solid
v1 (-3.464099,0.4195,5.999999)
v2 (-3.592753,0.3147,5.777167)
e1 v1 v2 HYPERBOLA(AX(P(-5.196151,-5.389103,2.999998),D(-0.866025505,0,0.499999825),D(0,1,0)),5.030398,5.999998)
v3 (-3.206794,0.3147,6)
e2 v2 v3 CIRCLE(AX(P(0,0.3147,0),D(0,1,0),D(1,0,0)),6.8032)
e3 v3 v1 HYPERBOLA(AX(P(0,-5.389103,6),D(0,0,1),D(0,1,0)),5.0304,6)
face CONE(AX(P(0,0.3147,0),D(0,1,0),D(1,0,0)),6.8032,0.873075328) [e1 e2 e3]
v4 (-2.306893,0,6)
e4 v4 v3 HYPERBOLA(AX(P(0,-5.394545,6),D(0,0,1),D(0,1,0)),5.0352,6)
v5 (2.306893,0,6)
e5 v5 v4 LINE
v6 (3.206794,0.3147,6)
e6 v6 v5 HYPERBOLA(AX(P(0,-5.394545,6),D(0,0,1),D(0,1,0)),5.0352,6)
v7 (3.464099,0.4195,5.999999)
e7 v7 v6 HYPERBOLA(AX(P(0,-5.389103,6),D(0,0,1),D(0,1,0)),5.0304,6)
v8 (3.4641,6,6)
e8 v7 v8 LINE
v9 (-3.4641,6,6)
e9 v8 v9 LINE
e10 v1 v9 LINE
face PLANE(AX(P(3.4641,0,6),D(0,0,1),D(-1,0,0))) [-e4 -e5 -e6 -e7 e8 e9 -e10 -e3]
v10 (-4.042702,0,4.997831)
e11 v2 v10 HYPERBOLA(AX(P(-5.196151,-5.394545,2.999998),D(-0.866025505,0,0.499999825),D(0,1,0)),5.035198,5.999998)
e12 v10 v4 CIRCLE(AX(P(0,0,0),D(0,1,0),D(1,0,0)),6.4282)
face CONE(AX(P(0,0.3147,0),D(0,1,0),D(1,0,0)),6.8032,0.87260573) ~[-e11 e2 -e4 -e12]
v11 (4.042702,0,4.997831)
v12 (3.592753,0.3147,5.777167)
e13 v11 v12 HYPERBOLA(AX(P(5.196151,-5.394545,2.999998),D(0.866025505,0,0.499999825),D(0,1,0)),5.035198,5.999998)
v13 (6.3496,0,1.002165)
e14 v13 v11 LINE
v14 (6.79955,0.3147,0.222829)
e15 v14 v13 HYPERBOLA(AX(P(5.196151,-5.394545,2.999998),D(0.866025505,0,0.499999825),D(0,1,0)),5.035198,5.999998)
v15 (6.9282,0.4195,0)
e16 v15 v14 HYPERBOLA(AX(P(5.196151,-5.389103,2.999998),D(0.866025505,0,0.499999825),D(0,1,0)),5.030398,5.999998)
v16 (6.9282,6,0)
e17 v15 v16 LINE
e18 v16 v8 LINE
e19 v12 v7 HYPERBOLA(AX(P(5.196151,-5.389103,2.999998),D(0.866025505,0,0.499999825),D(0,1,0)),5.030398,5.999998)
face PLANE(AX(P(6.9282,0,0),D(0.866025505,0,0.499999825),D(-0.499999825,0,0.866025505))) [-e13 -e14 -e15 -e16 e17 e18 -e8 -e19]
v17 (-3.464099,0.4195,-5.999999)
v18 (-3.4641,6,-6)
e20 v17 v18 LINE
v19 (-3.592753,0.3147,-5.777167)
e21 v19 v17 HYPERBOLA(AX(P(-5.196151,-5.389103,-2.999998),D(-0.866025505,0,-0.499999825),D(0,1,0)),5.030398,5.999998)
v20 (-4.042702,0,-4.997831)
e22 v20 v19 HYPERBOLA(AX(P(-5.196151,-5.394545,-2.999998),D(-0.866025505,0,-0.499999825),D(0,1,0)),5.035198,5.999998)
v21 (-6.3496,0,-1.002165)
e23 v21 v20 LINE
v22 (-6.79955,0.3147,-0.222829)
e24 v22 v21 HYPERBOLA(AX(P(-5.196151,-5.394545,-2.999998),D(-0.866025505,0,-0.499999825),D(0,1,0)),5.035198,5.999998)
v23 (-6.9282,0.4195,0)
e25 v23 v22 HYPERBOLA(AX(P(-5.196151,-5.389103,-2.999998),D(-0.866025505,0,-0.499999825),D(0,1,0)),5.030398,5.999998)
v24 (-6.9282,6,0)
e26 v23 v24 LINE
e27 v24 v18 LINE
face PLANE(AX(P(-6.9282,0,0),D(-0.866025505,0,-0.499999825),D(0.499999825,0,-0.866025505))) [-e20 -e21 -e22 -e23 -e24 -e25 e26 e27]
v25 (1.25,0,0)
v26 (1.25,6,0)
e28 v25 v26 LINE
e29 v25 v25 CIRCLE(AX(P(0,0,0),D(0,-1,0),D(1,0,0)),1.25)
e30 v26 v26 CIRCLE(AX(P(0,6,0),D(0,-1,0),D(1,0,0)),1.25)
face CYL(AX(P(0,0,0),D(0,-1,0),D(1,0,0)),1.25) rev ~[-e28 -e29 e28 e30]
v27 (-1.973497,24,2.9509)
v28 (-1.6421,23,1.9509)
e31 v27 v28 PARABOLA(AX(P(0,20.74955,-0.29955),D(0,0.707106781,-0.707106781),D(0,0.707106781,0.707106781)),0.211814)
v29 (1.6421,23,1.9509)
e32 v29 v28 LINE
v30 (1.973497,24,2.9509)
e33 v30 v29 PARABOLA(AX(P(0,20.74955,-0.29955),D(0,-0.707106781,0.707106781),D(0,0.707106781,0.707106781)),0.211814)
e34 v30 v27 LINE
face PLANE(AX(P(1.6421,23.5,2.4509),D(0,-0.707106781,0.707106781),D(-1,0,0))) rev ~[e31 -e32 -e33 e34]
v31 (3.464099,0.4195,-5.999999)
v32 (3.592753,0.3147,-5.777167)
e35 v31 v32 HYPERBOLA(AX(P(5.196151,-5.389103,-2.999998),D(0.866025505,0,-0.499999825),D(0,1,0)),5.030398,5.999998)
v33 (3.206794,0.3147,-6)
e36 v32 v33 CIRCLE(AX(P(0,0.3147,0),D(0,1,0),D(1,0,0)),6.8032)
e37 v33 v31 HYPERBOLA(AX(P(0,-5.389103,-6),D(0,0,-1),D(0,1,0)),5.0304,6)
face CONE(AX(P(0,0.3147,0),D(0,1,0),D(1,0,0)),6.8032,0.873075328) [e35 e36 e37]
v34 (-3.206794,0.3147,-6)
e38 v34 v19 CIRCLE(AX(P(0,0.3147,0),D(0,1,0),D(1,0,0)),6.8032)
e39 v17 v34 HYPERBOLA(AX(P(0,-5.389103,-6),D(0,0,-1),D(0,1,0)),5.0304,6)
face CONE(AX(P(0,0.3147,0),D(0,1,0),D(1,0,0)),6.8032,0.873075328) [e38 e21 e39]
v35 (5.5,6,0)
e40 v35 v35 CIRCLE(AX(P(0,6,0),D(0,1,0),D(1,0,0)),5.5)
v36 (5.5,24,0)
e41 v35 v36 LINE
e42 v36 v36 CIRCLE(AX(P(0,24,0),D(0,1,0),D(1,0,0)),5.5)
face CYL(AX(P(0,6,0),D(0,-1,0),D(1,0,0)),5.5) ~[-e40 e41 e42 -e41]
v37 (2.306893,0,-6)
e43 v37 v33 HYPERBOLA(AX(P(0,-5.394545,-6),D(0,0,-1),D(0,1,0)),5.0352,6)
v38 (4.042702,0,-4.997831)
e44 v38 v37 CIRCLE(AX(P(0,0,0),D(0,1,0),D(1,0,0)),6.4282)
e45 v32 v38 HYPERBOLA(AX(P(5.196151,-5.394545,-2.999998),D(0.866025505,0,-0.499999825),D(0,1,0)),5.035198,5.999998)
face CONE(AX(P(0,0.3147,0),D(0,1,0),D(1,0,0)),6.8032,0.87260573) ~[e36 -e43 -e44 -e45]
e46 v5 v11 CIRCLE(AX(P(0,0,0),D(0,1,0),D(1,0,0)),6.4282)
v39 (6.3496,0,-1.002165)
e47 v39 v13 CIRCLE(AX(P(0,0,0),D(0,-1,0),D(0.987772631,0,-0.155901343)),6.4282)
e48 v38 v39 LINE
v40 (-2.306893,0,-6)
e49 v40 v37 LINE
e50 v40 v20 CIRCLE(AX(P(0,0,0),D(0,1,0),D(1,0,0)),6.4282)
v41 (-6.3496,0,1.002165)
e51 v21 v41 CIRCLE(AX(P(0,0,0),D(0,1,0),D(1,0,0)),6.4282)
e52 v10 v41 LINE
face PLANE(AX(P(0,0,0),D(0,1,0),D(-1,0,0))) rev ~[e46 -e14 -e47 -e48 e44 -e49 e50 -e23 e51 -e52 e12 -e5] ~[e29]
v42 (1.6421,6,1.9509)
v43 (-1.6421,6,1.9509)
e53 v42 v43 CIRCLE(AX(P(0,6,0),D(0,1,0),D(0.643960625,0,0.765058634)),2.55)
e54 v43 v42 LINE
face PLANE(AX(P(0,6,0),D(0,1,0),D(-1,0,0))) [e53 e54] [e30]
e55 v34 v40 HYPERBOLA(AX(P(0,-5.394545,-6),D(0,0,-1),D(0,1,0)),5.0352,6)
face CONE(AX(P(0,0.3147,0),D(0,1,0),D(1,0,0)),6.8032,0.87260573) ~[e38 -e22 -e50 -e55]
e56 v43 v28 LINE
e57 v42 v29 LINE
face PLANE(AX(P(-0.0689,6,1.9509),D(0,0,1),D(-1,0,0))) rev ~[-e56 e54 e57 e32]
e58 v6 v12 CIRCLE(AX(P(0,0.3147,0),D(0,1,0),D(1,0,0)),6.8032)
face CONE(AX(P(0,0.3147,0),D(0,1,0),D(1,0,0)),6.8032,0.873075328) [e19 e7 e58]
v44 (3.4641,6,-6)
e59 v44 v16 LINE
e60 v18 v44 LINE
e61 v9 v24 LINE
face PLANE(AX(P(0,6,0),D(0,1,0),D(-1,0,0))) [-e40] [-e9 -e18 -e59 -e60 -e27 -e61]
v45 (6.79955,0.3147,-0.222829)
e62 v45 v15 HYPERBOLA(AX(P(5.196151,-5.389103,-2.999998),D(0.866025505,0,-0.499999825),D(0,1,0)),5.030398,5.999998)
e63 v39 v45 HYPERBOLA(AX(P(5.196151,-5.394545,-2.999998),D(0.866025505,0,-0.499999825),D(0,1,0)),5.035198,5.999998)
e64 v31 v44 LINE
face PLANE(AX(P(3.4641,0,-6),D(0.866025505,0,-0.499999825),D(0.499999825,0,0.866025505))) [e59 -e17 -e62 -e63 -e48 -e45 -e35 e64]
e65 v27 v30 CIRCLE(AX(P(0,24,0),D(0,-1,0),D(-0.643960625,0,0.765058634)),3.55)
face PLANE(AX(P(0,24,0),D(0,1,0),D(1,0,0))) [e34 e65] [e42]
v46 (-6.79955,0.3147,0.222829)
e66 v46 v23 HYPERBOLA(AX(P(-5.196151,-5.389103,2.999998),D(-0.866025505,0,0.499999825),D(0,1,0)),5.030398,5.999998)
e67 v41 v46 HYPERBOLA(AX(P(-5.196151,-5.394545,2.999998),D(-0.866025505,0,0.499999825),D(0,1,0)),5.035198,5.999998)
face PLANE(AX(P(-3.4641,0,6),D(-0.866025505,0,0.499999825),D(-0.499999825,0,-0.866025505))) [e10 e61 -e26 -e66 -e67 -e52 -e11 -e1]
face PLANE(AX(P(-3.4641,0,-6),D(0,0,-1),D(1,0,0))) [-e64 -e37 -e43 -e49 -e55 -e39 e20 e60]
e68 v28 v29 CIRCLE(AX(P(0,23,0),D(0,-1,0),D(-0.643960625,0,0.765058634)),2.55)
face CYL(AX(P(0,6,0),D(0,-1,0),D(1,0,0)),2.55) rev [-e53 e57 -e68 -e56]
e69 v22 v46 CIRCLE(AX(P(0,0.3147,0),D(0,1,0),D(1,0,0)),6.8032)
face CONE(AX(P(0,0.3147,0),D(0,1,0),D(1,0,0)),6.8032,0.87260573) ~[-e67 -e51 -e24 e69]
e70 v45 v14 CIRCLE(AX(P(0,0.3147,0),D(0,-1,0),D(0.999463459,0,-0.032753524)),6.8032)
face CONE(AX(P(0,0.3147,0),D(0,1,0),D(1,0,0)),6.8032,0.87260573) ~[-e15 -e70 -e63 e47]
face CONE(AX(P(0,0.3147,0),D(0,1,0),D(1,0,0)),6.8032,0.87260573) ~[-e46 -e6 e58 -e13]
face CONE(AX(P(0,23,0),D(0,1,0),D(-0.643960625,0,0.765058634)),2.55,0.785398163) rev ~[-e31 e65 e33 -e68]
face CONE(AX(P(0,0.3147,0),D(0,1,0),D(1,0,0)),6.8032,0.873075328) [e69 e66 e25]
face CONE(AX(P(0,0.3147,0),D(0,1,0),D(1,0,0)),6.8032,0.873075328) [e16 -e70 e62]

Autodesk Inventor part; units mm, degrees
ref_plane "YZ Plane" through (0, 0, 0) normal (1, 0, 0) x (0, 1, 0)
ref_plane "XZ Plane" through (0, 0, 0) normal (0, 1, 0) x (-1, 0, 0)
ref_plane "XY Plane" through (0, 0, 0) normal (0, 0, 1) x (1, 0, 0)
sketch "Sketch7" plane through (0, 0, 0) normal (0, 1, 0) x (-1, 0, 0)
  line L0 (-3.4641, -6) -> (-6.9282, 0)
  line L1 (-6.9282, 0) -> (-3.4641, 6)
  line L2 (-3.4641, 6) -> (3.4641, 6)
  line L3 (3.4641, 6) -> (6.9282, 0)
  line L4 (6.9282, 0) -> (3.4641, -6)
  line L5 (3.4641, -6) -> (-3.4641, -6)
  point P0 (0, 0)
  point P1 (0, 0)
  point P2 (0, -6)
  dimension "d24" = 12
extrude "Extrusion6" add sketch "Sketch7" along normal blind 6
sketch "Sketch8" plane through (0, 6, 0) normal (0, 1, 0) x (1, 0, 0)
  circle A0 centre (0, 0) radius 5.5
  circle A1 centre (0, 0) radius 2.55
  line L0 (-0.0689, 2.5491) -> (-0.0689, -1.9509)
  line L1 (-0.0689, -1.9509) -> (-1.6421, -1.9509)
  line L2 (-0.0689, -1.9509) -> (1.6421, -1.9509)
  dimension "d27" = 11
  dimension "d28" = 5.1
  dimension "d29" = 4.5
  dimension "d30" = 1.5732
extrude "Extrusion7" add sketch "Sketch8" along normal blind 18 contours A0 | A1 L1 L2
sketch "Sketch9" plane through (0, 0, 0) normal (0, 0, 1) x (1, 0, 0)
  line L0 (6.9282, 0) -> (3.4641, 0) projected
  line L1 (6.9282, 0) -> (6.4282, 0)
  line L2 (6.8032, 0.3147) -> (6.4282, 0)
  line L3 (6.9282, 0) -> (6.9282, 0.3868)
  line L4 (0, -4.8) -> (0, 28.8) projected
  line L5 (6.8032, 0.3147) -> (6.9282, 0.4195)
  line L6 (6.9282, 0.4195) -> (6.9282, 0.3868)
  point P0 (0, 0)
  dimension "d33" = 0.5
  dimension "d35" = 40
  dimension "d39" = 0.125
  dimension "d40" = 0.1049
revolve "Revolution1" cut sketch "Sketch9" angle 360 about axis through (0, -10, 0) along (0, 1, 0)
chamfer "Chamfer3" distance 1 angle 45 2 edges at (0, 24, -2.55) (0, 24, 1.9509)
sketch "Sketch10" plane through (0, 0, 0) normal (0, -1, 0) x (1, 0, 0)
  circle A0 centre (0, 0) radius 1.25
  dimension "d44" = 2.5
extrude "Extrusion8" cut sketch "Sketch10" against normal through all
properties part number "PIN_3DPrint"
